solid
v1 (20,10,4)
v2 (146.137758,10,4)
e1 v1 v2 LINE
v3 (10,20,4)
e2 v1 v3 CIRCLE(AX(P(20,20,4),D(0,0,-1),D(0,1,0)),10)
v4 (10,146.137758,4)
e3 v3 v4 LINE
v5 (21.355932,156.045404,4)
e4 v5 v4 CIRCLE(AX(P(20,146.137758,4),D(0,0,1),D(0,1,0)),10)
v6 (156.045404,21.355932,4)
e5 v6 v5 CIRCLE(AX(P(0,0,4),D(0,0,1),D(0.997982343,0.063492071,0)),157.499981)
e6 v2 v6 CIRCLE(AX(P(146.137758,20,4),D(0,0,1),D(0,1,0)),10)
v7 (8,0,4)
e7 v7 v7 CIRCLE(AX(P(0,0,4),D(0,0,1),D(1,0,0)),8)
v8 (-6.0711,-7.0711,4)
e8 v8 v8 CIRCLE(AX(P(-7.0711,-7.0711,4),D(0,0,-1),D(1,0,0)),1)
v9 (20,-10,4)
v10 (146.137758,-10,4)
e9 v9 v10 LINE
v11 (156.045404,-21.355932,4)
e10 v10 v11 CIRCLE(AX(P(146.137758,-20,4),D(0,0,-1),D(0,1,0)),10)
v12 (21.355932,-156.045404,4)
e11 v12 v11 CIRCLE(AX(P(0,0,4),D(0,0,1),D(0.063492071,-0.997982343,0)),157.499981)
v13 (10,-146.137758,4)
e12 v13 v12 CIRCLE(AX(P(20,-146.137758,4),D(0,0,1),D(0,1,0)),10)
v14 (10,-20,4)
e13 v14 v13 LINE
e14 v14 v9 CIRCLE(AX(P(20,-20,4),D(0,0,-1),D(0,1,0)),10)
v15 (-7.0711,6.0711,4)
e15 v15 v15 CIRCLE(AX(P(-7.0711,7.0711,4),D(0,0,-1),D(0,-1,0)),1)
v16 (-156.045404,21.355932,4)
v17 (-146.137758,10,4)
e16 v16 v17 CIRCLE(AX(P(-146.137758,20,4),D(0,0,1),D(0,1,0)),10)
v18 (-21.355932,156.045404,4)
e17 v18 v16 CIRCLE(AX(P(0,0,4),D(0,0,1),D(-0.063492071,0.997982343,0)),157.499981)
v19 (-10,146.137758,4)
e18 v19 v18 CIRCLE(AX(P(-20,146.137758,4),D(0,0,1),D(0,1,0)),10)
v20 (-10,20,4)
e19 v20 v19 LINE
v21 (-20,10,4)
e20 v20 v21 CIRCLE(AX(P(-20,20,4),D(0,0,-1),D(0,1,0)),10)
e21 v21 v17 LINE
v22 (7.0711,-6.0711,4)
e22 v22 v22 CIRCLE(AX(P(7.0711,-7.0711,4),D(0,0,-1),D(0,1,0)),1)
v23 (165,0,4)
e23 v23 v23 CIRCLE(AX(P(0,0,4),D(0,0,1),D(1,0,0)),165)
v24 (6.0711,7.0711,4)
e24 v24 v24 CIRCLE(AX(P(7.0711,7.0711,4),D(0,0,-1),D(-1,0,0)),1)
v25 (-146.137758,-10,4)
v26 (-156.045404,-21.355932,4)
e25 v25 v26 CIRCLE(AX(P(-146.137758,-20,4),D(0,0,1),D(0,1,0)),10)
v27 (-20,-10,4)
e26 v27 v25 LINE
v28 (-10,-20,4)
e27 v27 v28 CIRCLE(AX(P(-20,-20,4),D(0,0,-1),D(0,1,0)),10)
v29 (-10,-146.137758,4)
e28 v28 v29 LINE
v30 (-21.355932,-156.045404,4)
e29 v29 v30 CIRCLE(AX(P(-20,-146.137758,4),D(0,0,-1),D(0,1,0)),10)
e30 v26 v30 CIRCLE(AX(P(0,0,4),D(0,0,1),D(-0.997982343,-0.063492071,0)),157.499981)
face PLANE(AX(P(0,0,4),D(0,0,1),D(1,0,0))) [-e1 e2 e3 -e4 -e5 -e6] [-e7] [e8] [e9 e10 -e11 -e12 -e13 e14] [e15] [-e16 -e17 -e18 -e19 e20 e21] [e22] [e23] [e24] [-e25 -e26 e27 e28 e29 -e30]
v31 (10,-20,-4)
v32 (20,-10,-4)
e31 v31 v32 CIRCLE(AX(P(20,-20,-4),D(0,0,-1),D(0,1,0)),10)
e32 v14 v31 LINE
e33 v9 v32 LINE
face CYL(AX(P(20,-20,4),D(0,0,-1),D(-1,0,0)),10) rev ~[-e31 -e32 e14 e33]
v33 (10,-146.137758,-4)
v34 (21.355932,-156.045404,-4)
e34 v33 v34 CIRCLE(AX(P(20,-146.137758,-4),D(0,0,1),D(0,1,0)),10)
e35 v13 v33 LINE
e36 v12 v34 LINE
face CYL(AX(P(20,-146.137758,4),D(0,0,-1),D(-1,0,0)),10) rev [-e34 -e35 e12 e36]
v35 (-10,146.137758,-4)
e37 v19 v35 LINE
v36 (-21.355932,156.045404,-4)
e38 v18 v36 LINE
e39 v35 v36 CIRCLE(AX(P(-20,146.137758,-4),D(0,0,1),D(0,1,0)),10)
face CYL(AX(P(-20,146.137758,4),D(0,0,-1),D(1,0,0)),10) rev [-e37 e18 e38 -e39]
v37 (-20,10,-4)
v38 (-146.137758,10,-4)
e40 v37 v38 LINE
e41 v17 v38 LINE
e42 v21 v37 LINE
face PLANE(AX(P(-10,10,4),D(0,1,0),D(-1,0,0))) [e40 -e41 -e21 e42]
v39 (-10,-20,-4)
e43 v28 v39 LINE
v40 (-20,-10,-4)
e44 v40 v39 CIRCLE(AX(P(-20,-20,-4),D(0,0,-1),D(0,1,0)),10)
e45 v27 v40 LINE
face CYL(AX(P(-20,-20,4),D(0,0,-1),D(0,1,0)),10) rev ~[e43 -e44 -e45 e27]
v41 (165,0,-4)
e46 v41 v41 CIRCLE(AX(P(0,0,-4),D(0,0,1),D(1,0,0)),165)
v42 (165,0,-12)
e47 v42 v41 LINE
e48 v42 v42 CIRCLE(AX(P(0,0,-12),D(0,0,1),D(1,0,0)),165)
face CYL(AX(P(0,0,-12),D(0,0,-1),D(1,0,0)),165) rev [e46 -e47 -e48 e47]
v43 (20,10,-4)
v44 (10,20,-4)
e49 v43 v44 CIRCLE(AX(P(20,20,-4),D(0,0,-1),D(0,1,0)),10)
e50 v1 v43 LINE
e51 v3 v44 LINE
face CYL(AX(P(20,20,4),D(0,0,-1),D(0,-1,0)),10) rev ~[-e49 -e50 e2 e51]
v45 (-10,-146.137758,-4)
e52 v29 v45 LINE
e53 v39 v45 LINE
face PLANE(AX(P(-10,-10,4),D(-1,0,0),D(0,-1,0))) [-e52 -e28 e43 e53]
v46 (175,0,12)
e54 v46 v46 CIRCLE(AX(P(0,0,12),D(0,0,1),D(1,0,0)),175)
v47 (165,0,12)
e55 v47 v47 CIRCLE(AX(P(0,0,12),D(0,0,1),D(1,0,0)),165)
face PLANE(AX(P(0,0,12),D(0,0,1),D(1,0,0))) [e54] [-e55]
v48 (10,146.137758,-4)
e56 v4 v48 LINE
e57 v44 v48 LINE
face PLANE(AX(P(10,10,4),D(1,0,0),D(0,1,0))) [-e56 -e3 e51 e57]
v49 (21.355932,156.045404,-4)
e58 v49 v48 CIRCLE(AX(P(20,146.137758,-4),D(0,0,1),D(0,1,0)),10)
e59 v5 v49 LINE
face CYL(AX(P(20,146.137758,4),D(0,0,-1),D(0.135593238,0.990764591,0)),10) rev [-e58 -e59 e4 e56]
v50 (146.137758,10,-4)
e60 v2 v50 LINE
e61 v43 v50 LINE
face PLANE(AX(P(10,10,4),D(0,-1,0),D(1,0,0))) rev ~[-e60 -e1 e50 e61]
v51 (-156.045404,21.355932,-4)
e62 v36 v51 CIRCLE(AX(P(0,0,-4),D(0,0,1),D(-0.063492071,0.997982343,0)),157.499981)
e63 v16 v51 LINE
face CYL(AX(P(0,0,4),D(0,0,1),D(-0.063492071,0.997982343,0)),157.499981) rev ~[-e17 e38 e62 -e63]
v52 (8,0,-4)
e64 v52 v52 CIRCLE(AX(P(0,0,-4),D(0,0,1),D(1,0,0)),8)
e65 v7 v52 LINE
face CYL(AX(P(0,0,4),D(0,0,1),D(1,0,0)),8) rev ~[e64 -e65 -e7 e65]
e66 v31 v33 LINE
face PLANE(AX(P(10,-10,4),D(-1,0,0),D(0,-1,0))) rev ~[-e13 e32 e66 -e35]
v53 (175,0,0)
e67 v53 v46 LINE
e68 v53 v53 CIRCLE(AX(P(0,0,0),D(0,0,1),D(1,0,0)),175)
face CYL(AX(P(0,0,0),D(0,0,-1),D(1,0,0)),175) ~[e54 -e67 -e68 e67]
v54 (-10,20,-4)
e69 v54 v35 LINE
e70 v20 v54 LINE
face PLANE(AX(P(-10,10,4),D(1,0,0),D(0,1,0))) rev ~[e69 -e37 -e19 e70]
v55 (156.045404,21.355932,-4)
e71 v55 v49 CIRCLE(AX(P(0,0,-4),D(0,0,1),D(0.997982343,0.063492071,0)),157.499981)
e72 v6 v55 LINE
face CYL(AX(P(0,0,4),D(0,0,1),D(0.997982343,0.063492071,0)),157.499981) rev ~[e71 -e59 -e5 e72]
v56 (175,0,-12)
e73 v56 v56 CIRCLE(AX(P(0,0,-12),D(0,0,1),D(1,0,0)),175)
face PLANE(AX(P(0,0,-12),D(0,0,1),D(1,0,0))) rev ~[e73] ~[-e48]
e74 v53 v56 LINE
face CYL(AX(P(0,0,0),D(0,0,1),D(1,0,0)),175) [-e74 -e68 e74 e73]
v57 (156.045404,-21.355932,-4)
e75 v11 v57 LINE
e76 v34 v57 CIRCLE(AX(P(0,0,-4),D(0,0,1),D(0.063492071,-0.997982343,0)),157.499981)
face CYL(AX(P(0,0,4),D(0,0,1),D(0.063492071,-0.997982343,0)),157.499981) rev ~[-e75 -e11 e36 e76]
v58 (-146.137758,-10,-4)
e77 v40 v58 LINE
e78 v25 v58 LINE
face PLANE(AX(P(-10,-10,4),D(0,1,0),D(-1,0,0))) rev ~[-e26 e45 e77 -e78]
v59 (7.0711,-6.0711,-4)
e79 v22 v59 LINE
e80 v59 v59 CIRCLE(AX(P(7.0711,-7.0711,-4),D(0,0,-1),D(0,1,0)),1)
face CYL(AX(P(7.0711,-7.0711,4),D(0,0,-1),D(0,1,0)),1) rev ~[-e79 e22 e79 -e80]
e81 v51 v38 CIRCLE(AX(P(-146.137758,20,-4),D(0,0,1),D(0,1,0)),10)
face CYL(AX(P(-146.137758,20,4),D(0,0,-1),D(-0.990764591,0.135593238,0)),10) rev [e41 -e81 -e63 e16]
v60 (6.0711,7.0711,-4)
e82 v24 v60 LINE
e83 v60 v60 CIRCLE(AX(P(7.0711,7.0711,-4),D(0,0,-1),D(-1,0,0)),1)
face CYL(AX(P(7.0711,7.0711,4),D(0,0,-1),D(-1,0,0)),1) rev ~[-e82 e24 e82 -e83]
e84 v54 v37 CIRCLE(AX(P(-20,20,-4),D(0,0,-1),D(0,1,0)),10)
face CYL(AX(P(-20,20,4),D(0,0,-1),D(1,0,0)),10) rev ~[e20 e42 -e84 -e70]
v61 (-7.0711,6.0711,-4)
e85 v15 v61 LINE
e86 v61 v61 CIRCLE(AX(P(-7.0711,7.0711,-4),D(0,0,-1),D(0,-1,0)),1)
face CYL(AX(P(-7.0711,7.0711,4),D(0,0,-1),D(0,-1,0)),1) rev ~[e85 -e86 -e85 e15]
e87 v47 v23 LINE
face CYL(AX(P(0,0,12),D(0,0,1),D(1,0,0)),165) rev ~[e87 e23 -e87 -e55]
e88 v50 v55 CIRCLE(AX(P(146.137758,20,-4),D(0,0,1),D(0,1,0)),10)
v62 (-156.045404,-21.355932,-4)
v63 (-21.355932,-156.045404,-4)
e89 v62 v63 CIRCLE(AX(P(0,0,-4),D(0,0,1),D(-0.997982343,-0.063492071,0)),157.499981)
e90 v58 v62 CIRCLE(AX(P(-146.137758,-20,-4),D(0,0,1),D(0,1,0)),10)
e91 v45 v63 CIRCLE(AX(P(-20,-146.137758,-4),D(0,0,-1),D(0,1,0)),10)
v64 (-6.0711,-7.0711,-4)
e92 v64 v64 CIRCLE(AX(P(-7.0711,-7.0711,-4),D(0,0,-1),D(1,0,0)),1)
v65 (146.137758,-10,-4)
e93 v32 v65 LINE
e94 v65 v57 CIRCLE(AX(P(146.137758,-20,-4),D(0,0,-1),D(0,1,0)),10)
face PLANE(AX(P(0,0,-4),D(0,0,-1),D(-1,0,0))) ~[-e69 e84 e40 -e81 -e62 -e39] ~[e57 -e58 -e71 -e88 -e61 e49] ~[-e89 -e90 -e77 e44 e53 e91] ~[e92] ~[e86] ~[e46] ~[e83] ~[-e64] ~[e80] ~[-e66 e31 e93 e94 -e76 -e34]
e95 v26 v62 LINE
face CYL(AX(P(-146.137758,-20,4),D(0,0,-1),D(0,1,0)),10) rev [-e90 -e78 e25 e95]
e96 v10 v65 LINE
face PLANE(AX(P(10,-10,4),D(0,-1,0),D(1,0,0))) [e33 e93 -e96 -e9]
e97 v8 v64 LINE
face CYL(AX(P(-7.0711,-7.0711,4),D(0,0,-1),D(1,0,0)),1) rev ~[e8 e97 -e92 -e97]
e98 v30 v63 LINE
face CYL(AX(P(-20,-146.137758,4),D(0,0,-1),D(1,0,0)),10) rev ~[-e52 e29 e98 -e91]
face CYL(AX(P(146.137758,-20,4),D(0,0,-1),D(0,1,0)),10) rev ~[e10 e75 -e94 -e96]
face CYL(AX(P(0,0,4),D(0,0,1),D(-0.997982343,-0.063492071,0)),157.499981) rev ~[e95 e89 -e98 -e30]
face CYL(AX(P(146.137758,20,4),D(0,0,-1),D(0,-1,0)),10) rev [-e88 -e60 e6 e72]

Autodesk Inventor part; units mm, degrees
ref_plane "YZ Plane" through (0, 0, 0) normal (1, 0, 0) x (0, 1, 0)
ref_plane "XZ Plane" through (0, 0, 0) normal (0, 1, 0) x (-1, 0, 0)
sketch "Sketch1" plane through (0, 0, 0) normal (0, 0, 1) x (1, 0, 0)
  circle A0 centre (0, 0) radius 175
  dimension "d0" = 350
extrude "Extrusion1" add sketch "Sketch1" along normal mid plane 24
sketch "Sketch2" plane through (0, 0, 12) normal (0, 0, 1) x (1, 0, 0)
  circle A0 centre (0, 0) radius 165
  dimension "d3" = 330
extrude "Extrusion2" cut sketch "Sketch2" against normal blind 8
ref_plane "Work Plane1" through (0, 0, 0) normal (0, 0, 1) x (1, 0, 0)
mirror "Mirror1" about plane through (0, 0, 0) normal (0, 0, 1) of "Extrusion2"
sketch "Sketch3" plane through (0, 0, 4) normal (0, 0, 1) x (1, 0, 0)
  circle A0 centre (0, 0) radius 8
  line L0 (-10, -10) -> (-10, -157.1822)
  line L1 (10, -10) -> (10, -157.1822)
  line L2 (0, 0) -> (0, -162.7163) construction
  arc A1 (-157.1822, -10) -> (-10, -157.1822) centre (0, 0) ccw
  line L3 (-10, -10) -> (-157.1822, -10)
  arc A2 (10, -157.1822) -> (157.1822, -10) centre (0, 0) ccw
  line L4 (10, -10) -> (157.1822, -10)
  dimension "d7" = 16
  dimension "d8" = 20
  dimension "d9" = 157.5
  dimension "d10" = 10
extrude "Extrusion3" cut sketch "Sketch3" against normal blind 8 contours L0 A1 L3 | L4 A2 L1
pattern_circular "Circular Pattern1" count 2 over 360 about axis through (0, 0, 12) along (0, 0, -1) of "Extrusion3"
fillet "Fillet1" radius 10 12 edges at (-10, 157.1822, 0) (-157.1822, 10, 0) (-10, 10, 0) (-10, -10, 0) (-157.1822, -10, 0) (-10, -157.1822, 0) (10, -157.1822, 0) (10, -10, 0) (157.1822, -10, 0) (157.1822, 10, 0) (10, 10, 0) (10, 157.1822, 0)
extrude "Extrusion4" cut sketch "Sketch3" against normal up to surface (8 mm away) contours A0
sketch "Sketch4" plane through (0, 0, 4) normal (0, 0, 1) x (1, 0, 0)
  circle A0 centre (0, 0) radius 8 projected
  circle A1 centre (0, 0) radius 10 construction
  line L0 (0, 0) -> (-7.0711, 7.0711) construction
  line L1 (0, 0) -> (0, 20.2635) construction
  dimension "d21" = 20
  dimension "d22" = 45
hole "Hole1" at (-7.0711, 7.0711, 4) direction (0, 0, -1) diameter 2 depth 8
pattern_circular "Circular Pattern2" count 4 over 360 about axis through (0, 0, 4) along (0, 0, -1) of "Hole1"
properties part number "05"
